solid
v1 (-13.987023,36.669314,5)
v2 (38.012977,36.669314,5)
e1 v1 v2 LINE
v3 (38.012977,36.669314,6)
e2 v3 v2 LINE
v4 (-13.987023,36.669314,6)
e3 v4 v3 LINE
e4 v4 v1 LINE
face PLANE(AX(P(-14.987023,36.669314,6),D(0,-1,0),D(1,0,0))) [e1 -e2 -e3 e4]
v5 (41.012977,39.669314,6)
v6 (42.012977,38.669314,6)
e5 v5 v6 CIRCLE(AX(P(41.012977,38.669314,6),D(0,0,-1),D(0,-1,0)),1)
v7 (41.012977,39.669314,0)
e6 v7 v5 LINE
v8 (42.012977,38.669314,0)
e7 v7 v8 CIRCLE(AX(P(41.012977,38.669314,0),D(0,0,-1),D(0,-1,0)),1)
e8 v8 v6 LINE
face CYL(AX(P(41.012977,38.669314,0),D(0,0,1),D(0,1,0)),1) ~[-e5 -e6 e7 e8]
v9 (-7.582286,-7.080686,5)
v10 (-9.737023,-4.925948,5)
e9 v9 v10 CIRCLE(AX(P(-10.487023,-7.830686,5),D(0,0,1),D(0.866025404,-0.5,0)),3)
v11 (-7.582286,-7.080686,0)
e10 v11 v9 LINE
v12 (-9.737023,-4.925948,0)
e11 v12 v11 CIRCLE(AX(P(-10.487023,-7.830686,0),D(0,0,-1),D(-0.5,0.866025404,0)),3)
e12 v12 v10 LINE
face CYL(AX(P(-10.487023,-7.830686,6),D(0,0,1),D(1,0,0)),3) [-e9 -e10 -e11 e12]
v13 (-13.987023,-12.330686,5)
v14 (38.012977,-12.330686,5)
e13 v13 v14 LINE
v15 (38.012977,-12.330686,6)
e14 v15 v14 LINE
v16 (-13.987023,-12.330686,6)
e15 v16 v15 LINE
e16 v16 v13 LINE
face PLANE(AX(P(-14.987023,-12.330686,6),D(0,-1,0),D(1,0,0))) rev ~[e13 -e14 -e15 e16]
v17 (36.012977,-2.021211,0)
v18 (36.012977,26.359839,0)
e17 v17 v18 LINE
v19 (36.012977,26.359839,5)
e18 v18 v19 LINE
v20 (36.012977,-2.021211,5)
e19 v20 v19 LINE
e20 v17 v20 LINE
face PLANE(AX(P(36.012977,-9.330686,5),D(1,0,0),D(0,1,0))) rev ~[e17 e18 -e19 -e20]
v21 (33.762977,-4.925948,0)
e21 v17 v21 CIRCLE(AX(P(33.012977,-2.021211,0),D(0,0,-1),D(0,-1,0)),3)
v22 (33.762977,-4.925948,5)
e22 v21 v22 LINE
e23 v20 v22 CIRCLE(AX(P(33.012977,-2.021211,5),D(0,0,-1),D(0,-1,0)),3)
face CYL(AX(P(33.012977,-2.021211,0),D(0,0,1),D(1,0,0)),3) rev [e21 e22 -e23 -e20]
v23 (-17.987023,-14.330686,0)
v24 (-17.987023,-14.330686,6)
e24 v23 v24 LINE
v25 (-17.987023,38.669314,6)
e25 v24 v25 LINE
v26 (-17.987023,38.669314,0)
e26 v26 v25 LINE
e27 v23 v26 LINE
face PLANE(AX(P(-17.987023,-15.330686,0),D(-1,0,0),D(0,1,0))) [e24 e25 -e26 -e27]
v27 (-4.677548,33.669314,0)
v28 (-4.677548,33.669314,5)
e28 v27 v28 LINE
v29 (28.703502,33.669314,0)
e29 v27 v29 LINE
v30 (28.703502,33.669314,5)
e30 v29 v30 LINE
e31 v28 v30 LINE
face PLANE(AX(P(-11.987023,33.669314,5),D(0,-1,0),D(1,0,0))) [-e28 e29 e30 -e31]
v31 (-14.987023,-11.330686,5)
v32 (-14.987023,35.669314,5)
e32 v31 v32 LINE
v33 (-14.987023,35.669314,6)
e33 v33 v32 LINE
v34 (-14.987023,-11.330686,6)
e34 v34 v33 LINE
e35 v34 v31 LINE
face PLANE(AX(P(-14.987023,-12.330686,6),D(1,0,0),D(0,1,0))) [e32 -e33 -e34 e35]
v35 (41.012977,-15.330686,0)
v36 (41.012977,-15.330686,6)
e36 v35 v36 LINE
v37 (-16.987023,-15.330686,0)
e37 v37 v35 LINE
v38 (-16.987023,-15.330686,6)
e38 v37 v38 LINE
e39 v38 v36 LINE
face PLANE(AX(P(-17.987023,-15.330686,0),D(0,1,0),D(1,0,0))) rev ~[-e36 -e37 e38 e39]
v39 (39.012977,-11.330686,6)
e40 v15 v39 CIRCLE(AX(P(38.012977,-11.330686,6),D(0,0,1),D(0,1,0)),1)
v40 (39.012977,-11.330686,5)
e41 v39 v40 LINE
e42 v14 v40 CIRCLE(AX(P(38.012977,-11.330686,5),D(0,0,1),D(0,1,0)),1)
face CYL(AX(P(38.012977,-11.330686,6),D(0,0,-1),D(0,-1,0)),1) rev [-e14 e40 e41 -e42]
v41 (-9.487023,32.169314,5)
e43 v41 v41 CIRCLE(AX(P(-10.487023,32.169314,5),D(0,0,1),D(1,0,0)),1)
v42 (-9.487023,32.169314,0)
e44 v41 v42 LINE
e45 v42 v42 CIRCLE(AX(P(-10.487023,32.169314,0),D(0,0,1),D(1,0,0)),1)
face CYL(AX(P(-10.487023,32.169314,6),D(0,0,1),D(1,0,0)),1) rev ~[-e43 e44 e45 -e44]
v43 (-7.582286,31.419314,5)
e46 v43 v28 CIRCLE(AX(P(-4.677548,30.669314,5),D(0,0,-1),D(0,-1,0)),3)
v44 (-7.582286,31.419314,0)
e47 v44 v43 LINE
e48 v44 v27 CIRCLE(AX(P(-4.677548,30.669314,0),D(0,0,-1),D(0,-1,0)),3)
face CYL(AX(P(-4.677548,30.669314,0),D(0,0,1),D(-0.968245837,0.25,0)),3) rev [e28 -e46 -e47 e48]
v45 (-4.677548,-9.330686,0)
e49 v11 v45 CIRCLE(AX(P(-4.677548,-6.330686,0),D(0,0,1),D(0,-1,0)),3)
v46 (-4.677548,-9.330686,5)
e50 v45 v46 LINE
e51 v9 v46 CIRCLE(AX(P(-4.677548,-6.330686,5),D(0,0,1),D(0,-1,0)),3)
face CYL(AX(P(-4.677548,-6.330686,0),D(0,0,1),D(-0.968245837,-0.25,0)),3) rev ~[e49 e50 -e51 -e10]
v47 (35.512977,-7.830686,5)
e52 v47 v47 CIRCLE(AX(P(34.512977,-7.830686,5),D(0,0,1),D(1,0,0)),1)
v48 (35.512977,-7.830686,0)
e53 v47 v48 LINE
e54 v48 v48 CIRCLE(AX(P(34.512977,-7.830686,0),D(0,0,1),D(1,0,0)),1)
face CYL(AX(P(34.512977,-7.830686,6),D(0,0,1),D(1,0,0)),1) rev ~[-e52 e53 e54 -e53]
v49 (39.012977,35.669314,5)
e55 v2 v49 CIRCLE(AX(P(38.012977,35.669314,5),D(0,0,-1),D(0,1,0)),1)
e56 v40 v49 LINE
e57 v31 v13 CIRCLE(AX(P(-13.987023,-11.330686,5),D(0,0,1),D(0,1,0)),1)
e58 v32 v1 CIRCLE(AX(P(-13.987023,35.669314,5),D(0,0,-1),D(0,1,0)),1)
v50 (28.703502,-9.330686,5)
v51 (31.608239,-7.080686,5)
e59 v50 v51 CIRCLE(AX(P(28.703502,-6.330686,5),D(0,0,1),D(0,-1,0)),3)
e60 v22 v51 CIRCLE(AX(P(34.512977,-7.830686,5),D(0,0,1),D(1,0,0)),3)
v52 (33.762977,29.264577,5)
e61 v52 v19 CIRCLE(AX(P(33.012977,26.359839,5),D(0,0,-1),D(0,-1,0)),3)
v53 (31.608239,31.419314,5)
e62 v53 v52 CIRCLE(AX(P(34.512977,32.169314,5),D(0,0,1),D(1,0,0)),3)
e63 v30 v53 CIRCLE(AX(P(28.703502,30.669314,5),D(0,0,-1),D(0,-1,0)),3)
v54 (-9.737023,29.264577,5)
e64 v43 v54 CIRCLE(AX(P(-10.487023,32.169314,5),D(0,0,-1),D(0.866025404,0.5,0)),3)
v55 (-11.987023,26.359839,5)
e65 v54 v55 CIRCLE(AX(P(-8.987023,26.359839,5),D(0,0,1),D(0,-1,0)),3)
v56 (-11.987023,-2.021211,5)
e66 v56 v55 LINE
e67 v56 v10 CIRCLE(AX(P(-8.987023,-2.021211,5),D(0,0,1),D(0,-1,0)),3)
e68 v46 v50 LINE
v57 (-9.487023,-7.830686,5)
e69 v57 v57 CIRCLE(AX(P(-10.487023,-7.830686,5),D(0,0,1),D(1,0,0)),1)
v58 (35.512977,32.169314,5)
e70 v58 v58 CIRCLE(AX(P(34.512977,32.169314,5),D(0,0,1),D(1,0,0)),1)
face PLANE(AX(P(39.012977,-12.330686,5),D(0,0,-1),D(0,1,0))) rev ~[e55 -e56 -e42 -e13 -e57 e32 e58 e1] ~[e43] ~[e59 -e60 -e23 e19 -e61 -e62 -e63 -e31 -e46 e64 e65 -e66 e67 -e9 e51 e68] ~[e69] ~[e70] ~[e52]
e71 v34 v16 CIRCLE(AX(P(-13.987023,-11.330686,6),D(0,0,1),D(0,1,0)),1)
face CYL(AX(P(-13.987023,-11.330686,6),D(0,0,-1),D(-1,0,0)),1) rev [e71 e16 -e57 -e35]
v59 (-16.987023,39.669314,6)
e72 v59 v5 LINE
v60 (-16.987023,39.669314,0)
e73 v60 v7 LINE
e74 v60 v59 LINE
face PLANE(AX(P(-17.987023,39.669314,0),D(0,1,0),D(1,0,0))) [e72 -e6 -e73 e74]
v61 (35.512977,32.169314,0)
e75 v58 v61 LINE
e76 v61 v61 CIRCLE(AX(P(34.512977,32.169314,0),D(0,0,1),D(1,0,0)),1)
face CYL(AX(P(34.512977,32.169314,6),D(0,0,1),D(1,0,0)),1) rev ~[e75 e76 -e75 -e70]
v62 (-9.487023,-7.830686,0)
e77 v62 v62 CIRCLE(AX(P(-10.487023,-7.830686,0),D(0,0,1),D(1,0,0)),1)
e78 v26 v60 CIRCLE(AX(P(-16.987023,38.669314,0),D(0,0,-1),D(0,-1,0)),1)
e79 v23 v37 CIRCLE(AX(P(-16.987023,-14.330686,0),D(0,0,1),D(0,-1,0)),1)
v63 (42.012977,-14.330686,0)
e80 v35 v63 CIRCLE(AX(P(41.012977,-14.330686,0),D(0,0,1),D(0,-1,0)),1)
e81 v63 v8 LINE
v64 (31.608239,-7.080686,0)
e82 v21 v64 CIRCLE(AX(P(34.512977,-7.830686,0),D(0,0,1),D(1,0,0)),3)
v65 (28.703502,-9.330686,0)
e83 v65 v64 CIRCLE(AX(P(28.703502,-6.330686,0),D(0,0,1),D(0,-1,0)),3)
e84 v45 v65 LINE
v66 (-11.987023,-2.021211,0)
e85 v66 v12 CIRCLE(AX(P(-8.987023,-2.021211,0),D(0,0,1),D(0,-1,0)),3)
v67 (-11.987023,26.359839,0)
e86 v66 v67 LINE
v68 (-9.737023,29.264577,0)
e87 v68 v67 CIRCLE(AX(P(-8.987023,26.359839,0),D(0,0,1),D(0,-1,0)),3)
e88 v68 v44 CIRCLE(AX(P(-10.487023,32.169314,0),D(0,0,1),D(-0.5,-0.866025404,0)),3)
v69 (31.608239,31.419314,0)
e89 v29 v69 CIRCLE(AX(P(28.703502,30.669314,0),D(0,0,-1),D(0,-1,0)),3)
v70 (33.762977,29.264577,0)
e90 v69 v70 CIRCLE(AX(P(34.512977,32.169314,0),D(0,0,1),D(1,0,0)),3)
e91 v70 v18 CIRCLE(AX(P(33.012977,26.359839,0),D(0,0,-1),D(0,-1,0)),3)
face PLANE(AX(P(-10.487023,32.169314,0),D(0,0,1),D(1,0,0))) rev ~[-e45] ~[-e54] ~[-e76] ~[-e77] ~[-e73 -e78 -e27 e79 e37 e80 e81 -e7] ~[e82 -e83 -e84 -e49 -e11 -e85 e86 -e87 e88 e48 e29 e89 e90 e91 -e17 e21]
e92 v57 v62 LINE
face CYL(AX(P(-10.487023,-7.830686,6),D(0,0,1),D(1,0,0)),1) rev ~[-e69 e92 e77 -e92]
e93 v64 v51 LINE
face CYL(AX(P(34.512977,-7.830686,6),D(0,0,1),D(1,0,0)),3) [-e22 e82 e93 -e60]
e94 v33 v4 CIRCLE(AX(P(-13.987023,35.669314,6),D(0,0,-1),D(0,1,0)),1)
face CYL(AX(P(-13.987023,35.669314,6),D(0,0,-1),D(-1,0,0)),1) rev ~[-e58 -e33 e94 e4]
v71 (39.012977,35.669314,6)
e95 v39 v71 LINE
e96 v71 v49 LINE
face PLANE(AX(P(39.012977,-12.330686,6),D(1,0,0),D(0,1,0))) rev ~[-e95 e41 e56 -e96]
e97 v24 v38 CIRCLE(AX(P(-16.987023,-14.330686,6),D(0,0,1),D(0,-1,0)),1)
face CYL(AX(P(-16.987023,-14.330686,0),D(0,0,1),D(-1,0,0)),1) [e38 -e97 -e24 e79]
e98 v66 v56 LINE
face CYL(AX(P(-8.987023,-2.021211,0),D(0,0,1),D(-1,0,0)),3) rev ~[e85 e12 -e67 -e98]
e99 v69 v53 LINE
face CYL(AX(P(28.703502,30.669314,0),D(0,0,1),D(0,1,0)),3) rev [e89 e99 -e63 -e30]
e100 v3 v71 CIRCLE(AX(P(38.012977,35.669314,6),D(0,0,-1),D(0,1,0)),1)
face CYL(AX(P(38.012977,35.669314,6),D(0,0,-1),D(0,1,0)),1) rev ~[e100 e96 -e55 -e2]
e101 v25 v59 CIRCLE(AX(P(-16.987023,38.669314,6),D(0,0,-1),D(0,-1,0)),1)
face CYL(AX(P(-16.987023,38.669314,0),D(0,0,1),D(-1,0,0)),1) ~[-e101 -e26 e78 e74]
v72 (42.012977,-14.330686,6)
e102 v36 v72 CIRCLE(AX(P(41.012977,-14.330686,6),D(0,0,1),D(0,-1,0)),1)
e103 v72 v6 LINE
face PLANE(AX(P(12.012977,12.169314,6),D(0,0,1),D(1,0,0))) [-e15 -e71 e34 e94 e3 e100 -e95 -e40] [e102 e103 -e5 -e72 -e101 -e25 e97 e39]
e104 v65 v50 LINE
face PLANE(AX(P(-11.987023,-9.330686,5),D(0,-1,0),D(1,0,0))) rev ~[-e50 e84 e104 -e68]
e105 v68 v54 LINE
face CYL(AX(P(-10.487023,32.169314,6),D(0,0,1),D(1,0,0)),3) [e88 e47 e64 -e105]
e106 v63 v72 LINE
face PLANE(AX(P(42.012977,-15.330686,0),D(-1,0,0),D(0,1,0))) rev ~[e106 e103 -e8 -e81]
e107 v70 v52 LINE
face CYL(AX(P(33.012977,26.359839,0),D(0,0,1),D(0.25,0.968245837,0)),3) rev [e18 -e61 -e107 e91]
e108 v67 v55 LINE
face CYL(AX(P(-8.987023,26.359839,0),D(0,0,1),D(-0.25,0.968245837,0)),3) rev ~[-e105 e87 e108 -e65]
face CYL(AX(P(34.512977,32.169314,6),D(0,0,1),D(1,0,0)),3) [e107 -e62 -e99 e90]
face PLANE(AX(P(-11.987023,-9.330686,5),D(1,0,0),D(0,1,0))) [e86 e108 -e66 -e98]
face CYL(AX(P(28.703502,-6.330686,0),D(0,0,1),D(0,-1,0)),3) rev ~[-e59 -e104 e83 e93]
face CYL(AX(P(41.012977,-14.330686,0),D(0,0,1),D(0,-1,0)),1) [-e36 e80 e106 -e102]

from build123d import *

# Parameters (mm, degrees)
F0_W      = 60
F0_H      = 55
F1_DEPTH  = 6
F2_W      = 54
F2_H      = 49
F3_DEPTH  = 1
F4_W      = 48
F4_H      = 43
F5_DEPTH  = 25
F6_R      = 3
F7_DEPTH  = 6
F8_DEPTH  = 54
F9_R      = 1
F10_DEPTH = 25
F11_R     = 3
F12_R     = 1


with BuildPart() as f1:
    # F0 (on Top) → F1 (new body)
    with BuildSketch(Plane.XY):
        with Locations((12.012976855, 12.1693141837)):
            Rectangle(F0_W, F0_H)
    extrude(amount=F1_DEPTH)

    # F2 (on face) → F3 (cut)
    with BuildSketch(Plane.XY.offset(6)):
        with Locations((12.012976855, 12.1693141837)):
            Rectangle(F2_W, F2_H)
    extrude(amount=-F3_DEPTH, mode=Mode.SUBTRACT)

    # F4 (on face) → F5 (cut)
    with BuildSketch(Plane.XY.offset(5)):
        with Locations((12.012976855, 12.1693141837)):
            Rectangle(F4_W, F4_H)
    extrude(amount=-F5_DEPTH, mode=Mode.SUBTRACT)

    # F6 (on face) → F7 (join, through all)
    with BuildSketch(Plane.XY.offset(6)):
        with Locations((-10.487023145, 32.1693141837)):
            Circle(F6_R)
        with Locations((34.512976855, 32.1693141837)):
            Circle(F6_R)
        with Locations((34.512976855, -7.8306858163)):
            Circle(F6_R)
        with Locations((-10.487023145, -7.8306858163)):
            Circle(F6_R)
    extrude(amount=-F7_DEPTH)

    # F8 (cut, through all): a face of the model
    f8_faces = [f1.faces().sort_by_distance(p)[0] for p in [
        (39.012976855, 12.1693141837, 5.5),
    ]]
    extrude(f8_faces, amount=F8_DEPTH, mode=Mode.SUBTRACT)

    # F9 (on face) → F10 (cut)
    with BuildSketch(Plane.XY.offset(6)):
        with Locations((-10.487023145, -7.8306858163)):
            Circle(F9_R)
        with Locations((34.512976855, -7.8306858163)):
            Circle(F9_R)
        with Locations((34.512976855, 32.1693141837)):
            Circle(F9_R)
        with Locations((-10.487023145, 32.1693141837)):
            Circle(F9_R)
    extrude(amount=-F10_DEPTH, mode=Mode.SUBTRACT)

    # F11
    f11_edges = [f1.edges().sort_by_distance(p)[0] for p in [
        (-7.888947, 33.669314, 2.5),
        (-11.987023, 29.571238, 2.5),
        (36.012977, 29.571238, 2.5),
        (31.914901, 33.669314, 2.5),
        (36.012977, -5.23261, 2.5),
        (31.914901, -9.330686, 2.5),
        (-11.987023, -5.23261, 2.5),
        (-7.888947, -9.330686, 2.5),
    ]]
    fillet(f11_edges, radius=F11_R)

    # F12
    f12_edges = [f1.edges().sort_by_distance(p)[0] for p in [
        (-17.987023, -15.330686, 3),
        (-17.987023, 39.669314, 3),
        (42.012977, 39.669314, 3),
        (42.012977, -15.330686, 3),
        (39.012977, 36.669314, 5.5),
        (-14.987023, 36.669314, 5.5),
        (-14.987023, -12.330686, 5.5),
        (39.012977, -12.330686, 5.5),
    ]]
    fillet(f12_edges, radius=F12_R)


solid = f1.part
